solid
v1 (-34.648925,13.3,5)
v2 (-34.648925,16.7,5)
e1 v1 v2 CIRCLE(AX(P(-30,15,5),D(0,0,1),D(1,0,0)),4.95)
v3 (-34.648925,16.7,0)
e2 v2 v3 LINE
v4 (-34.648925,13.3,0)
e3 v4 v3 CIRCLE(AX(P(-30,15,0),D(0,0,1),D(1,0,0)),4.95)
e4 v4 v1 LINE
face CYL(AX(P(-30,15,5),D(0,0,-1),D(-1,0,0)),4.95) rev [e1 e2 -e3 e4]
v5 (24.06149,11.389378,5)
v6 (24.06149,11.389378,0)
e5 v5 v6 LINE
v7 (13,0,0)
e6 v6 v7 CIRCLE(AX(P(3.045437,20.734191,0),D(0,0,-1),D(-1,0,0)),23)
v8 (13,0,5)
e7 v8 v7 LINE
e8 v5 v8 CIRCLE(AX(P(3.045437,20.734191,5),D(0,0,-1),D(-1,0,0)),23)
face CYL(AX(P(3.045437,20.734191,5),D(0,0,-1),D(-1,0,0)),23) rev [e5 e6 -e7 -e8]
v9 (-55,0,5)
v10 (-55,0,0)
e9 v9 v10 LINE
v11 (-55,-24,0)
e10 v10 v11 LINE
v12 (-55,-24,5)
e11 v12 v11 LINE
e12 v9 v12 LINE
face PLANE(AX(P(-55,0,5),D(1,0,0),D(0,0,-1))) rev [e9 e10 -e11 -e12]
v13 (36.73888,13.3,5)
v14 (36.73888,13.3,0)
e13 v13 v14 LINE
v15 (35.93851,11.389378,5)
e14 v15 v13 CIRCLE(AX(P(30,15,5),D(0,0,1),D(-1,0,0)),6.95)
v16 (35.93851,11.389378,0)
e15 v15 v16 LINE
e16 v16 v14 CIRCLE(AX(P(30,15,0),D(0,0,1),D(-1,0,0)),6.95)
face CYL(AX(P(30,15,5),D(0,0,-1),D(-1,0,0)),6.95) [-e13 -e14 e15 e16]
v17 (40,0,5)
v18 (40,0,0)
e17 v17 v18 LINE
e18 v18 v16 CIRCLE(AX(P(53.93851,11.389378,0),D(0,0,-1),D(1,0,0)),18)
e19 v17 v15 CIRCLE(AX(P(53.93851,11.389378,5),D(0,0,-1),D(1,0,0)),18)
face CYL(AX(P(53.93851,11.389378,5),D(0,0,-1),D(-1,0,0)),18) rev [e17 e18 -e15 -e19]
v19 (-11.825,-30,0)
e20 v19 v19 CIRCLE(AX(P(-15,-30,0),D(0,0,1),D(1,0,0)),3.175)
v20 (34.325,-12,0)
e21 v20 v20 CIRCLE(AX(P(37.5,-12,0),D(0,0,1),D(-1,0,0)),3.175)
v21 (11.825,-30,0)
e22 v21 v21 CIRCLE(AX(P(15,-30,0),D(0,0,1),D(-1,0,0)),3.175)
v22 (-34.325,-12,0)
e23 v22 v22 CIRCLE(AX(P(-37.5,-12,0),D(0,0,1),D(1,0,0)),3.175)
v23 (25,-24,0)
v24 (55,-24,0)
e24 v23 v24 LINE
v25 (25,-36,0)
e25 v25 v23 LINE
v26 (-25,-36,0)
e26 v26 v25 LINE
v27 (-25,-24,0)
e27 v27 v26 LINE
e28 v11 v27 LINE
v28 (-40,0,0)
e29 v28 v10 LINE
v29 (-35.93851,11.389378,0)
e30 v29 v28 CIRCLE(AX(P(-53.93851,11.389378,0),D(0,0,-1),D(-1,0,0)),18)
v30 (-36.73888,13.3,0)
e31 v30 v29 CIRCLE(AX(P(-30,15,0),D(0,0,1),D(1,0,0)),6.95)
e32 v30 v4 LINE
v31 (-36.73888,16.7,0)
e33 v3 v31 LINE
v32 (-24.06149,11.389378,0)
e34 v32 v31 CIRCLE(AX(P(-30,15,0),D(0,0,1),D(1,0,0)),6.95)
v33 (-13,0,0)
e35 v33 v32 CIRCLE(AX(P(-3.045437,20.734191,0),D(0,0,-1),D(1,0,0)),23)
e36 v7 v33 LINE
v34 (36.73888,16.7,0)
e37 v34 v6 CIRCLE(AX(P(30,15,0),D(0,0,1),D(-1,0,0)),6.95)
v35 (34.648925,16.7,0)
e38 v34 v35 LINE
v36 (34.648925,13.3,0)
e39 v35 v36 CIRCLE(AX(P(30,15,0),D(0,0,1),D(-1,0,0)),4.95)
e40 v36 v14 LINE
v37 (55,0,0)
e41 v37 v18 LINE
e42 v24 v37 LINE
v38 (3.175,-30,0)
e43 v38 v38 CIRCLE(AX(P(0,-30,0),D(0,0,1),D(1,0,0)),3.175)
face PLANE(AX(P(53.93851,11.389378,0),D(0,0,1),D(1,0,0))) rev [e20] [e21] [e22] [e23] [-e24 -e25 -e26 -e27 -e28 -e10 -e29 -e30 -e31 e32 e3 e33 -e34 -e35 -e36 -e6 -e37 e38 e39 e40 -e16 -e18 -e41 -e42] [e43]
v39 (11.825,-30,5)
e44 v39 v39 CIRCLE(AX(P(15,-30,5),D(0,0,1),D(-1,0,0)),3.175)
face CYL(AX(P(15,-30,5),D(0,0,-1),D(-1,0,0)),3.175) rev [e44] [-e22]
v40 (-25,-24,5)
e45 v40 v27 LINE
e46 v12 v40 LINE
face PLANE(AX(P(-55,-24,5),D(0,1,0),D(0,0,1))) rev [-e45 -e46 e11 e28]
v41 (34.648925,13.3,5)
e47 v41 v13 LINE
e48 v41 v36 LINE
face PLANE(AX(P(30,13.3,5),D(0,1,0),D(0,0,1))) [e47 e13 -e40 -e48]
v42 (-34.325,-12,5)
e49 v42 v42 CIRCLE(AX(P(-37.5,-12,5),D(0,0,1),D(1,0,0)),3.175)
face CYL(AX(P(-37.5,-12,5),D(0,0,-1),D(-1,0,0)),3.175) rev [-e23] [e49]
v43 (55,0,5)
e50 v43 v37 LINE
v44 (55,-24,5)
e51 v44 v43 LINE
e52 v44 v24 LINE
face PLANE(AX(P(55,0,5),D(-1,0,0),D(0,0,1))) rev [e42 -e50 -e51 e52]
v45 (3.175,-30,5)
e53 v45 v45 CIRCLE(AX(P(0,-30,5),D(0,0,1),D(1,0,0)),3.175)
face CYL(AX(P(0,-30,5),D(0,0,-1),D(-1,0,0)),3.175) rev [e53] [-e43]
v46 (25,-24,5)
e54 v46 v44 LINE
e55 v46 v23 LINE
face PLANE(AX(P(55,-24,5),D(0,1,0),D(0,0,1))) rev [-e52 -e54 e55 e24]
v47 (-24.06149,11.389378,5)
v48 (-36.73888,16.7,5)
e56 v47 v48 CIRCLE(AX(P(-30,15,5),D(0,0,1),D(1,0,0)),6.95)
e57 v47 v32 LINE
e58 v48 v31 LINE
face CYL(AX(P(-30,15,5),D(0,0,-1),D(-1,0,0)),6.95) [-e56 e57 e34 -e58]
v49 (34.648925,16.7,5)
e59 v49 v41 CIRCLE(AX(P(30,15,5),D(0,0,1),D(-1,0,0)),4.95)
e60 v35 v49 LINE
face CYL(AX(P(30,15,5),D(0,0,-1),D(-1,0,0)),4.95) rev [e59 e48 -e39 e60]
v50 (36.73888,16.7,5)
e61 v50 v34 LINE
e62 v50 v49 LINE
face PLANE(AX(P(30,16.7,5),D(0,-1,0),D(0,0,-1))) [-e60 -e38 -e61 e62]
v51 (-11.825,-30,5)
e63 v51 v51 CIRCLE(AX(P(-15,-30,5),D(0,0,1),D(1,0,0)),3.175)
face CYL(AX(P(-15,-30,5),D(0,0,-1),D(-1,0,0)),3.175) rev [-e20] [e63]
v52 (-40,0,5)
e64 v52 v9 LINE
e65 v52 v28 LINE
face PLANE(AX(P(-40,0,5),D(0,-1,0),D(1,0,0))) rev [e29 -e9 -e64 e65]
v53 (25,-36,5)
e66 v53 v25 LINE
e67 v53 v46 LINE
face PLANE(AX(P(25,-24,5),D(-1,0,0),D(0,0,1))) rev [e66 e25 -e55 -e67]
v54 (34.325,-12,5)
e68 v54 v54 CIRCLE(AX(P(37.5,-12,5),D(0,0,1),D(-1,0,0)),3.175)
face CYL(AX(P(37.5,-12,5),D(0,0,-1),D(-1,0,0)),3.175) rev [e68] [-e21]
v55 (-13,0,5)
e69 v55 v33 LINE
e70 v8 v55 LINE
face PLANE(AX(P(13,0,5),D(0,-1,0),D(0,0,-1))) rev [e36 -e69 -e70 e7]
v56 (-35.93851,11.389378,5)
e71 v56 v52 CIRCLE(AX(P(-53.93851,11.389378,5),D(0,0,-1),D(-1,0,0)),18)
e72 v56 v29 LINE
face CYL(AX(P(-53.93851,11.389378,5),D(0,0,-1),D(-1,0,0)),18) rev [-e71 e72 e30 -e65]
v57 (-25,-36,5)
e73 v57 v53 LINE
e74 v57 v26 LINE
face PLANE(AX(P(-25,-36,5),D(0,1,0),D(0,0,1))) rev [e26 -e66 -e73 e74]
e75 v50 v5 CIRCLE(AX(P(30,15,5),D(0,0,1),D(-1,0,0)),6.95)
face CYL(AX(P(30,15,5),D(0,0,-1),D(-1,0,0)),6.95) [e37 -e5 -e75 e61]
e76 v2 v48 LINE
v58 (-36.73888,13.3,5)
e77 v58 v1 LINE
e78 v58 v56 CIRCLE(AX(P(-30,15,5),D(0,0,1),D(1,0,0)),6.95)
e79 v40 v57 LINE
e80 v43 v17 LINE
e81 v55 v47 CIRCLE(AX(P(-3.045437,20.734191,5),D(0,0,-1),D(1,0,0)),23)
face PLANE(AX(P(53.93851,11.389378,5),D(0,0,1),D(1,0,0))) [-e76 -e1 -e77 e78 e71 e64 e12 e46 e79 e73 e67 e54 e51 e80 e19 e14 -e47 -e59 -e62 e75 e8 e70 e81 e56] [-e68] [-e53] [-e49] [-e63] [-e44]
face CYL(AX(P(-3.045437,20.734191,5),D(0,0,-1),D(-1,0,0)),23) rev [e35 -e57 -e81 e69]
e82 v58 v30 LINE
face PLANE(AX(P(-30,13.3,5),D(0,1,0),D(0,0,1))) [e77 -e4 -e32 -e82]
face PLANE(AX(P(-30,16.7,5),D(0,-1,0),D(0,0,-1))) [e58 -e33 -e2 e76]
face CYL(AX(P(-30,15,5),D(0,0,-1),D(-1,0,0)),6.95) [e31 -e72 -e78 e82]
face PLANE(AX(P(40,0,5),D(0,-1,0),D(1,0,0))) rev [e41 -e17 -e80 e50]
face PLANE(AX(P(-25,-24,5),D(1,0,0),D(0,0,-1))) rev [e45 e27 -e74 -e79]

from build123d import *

# Parameters (mm, degrees)
CROQUIS1_R              = 4.95
CROQUIS1_R_2            = 3.175
SALIENTE_EXTRUIR1_DEPTH = 5
CORTAR_EXTRUIR1_DEPTH   = 66.924198895


with BuildPart() as part:
    # Croquis1 → Saliente-Extruir1 (new body)
    with BuildSketch(Plane.XY):
        with BuildLine():
            Line((13, 0), (-13, 0))
            ThreePointArc((-13, 0), (-19.544656296, 4.709966775), (-24.061489507, 11.389377737))
            ThreePointArc((-24.061489507, 11.389377737), (-30, 21.95), (-35.938510493, 11.389377737))
            ThreePointArc((-35.938510493, 11.389377737), (-36.984260452, 5.34343649), (-40, 0))
            Line((-40, 0), (-55, 0))
            Line((-55, 0), (-55, -24))
            Line((-55, -24), (-25, -24))
            Line((-25, -24), (-25, -36))
            Line((-25, -36), (25, -36))
            Line((25, -36), (25, -24))
            Line((25, -24), (55, -24))
            Line((55, -24), (55, 0))
            Line((55, 0), (40, 0))
            ThreePointArc((40, 0), (36.984260452, 5.34343649), (35.938510493, 11.389377737))
            ThreePointArc((35.938510493, 11.389377737), (30, 21.95), (24.061489507, 11.389377737))
            ThreePointArc((24.061489507, 11.389377737), (19.544656296, 4.709966775), (13, 0))
        make_face()
        with Locations((-30, 15)):
            Circle(CROQUIS1_R, mode=Mode.SUBTRACT)
        with Locations((-37.5, -12)):
            Circle(CROQUIS1_R_2, mode=Mode.SUBTRACT)
        with Locations((0, -30)):
            Circle(CROQUIS1_R_2, mode=Mode.SUBTRACT)
        with Locations(Location((30, 15, 0), (0, 0, 180))):
            Circle(CROQUIS1_R, mode=Mode.SUBTRACT)
        with Locations(Location((37.5, -12, 0), (0, 0, 180))):
            Circle(CROQUIS1_R_2, mode=Mode.SUBTRACT)
        with Locations((-15, -30)):
            Circle(CROQUIS1_R_2, mode=Mode.SUBTRACT)
        with Locations(Location((15, -30, 0), (0, 0, 180))):
            Circle(CROQUIS1_R_2, mode=Mode.SUBTRACT)
    extrude(amount=SALIENTE_EXTRUIR1_DEPTH)

    # Croquis2 → Cortar-Extruir1 (cut, through all)
    with BuildSketch(Plane.XY):
        with BuildLine():
            Line((-30, 16.7), (-36.738879729, 16.7))
            ThreePointArc((-36.738879729, 16.7), (-36.95, 15), (-36.738879729, 13.3))
            Line((-36.738879729, 13.3), (-30, 13.3))
            Line((-30, 13.3), (-30, 16.7))
        make_face()
        with BuildLine():
            Line((30, 16.7), (30, 13.3))
            Line((30, 13.3), (36.738879729, 13.3))
            ThreePointArc((36.738879729, 13.3), (36.95, 15), (36.738879729, 16.7))
            Line((36.738879729, 16.7), (30, 16.7))
        make_face()
    extrude(amount=CORTAR_EXTRUIR1_DEPTH, mode=Mode.SUBTRACT)


solid = part.part
